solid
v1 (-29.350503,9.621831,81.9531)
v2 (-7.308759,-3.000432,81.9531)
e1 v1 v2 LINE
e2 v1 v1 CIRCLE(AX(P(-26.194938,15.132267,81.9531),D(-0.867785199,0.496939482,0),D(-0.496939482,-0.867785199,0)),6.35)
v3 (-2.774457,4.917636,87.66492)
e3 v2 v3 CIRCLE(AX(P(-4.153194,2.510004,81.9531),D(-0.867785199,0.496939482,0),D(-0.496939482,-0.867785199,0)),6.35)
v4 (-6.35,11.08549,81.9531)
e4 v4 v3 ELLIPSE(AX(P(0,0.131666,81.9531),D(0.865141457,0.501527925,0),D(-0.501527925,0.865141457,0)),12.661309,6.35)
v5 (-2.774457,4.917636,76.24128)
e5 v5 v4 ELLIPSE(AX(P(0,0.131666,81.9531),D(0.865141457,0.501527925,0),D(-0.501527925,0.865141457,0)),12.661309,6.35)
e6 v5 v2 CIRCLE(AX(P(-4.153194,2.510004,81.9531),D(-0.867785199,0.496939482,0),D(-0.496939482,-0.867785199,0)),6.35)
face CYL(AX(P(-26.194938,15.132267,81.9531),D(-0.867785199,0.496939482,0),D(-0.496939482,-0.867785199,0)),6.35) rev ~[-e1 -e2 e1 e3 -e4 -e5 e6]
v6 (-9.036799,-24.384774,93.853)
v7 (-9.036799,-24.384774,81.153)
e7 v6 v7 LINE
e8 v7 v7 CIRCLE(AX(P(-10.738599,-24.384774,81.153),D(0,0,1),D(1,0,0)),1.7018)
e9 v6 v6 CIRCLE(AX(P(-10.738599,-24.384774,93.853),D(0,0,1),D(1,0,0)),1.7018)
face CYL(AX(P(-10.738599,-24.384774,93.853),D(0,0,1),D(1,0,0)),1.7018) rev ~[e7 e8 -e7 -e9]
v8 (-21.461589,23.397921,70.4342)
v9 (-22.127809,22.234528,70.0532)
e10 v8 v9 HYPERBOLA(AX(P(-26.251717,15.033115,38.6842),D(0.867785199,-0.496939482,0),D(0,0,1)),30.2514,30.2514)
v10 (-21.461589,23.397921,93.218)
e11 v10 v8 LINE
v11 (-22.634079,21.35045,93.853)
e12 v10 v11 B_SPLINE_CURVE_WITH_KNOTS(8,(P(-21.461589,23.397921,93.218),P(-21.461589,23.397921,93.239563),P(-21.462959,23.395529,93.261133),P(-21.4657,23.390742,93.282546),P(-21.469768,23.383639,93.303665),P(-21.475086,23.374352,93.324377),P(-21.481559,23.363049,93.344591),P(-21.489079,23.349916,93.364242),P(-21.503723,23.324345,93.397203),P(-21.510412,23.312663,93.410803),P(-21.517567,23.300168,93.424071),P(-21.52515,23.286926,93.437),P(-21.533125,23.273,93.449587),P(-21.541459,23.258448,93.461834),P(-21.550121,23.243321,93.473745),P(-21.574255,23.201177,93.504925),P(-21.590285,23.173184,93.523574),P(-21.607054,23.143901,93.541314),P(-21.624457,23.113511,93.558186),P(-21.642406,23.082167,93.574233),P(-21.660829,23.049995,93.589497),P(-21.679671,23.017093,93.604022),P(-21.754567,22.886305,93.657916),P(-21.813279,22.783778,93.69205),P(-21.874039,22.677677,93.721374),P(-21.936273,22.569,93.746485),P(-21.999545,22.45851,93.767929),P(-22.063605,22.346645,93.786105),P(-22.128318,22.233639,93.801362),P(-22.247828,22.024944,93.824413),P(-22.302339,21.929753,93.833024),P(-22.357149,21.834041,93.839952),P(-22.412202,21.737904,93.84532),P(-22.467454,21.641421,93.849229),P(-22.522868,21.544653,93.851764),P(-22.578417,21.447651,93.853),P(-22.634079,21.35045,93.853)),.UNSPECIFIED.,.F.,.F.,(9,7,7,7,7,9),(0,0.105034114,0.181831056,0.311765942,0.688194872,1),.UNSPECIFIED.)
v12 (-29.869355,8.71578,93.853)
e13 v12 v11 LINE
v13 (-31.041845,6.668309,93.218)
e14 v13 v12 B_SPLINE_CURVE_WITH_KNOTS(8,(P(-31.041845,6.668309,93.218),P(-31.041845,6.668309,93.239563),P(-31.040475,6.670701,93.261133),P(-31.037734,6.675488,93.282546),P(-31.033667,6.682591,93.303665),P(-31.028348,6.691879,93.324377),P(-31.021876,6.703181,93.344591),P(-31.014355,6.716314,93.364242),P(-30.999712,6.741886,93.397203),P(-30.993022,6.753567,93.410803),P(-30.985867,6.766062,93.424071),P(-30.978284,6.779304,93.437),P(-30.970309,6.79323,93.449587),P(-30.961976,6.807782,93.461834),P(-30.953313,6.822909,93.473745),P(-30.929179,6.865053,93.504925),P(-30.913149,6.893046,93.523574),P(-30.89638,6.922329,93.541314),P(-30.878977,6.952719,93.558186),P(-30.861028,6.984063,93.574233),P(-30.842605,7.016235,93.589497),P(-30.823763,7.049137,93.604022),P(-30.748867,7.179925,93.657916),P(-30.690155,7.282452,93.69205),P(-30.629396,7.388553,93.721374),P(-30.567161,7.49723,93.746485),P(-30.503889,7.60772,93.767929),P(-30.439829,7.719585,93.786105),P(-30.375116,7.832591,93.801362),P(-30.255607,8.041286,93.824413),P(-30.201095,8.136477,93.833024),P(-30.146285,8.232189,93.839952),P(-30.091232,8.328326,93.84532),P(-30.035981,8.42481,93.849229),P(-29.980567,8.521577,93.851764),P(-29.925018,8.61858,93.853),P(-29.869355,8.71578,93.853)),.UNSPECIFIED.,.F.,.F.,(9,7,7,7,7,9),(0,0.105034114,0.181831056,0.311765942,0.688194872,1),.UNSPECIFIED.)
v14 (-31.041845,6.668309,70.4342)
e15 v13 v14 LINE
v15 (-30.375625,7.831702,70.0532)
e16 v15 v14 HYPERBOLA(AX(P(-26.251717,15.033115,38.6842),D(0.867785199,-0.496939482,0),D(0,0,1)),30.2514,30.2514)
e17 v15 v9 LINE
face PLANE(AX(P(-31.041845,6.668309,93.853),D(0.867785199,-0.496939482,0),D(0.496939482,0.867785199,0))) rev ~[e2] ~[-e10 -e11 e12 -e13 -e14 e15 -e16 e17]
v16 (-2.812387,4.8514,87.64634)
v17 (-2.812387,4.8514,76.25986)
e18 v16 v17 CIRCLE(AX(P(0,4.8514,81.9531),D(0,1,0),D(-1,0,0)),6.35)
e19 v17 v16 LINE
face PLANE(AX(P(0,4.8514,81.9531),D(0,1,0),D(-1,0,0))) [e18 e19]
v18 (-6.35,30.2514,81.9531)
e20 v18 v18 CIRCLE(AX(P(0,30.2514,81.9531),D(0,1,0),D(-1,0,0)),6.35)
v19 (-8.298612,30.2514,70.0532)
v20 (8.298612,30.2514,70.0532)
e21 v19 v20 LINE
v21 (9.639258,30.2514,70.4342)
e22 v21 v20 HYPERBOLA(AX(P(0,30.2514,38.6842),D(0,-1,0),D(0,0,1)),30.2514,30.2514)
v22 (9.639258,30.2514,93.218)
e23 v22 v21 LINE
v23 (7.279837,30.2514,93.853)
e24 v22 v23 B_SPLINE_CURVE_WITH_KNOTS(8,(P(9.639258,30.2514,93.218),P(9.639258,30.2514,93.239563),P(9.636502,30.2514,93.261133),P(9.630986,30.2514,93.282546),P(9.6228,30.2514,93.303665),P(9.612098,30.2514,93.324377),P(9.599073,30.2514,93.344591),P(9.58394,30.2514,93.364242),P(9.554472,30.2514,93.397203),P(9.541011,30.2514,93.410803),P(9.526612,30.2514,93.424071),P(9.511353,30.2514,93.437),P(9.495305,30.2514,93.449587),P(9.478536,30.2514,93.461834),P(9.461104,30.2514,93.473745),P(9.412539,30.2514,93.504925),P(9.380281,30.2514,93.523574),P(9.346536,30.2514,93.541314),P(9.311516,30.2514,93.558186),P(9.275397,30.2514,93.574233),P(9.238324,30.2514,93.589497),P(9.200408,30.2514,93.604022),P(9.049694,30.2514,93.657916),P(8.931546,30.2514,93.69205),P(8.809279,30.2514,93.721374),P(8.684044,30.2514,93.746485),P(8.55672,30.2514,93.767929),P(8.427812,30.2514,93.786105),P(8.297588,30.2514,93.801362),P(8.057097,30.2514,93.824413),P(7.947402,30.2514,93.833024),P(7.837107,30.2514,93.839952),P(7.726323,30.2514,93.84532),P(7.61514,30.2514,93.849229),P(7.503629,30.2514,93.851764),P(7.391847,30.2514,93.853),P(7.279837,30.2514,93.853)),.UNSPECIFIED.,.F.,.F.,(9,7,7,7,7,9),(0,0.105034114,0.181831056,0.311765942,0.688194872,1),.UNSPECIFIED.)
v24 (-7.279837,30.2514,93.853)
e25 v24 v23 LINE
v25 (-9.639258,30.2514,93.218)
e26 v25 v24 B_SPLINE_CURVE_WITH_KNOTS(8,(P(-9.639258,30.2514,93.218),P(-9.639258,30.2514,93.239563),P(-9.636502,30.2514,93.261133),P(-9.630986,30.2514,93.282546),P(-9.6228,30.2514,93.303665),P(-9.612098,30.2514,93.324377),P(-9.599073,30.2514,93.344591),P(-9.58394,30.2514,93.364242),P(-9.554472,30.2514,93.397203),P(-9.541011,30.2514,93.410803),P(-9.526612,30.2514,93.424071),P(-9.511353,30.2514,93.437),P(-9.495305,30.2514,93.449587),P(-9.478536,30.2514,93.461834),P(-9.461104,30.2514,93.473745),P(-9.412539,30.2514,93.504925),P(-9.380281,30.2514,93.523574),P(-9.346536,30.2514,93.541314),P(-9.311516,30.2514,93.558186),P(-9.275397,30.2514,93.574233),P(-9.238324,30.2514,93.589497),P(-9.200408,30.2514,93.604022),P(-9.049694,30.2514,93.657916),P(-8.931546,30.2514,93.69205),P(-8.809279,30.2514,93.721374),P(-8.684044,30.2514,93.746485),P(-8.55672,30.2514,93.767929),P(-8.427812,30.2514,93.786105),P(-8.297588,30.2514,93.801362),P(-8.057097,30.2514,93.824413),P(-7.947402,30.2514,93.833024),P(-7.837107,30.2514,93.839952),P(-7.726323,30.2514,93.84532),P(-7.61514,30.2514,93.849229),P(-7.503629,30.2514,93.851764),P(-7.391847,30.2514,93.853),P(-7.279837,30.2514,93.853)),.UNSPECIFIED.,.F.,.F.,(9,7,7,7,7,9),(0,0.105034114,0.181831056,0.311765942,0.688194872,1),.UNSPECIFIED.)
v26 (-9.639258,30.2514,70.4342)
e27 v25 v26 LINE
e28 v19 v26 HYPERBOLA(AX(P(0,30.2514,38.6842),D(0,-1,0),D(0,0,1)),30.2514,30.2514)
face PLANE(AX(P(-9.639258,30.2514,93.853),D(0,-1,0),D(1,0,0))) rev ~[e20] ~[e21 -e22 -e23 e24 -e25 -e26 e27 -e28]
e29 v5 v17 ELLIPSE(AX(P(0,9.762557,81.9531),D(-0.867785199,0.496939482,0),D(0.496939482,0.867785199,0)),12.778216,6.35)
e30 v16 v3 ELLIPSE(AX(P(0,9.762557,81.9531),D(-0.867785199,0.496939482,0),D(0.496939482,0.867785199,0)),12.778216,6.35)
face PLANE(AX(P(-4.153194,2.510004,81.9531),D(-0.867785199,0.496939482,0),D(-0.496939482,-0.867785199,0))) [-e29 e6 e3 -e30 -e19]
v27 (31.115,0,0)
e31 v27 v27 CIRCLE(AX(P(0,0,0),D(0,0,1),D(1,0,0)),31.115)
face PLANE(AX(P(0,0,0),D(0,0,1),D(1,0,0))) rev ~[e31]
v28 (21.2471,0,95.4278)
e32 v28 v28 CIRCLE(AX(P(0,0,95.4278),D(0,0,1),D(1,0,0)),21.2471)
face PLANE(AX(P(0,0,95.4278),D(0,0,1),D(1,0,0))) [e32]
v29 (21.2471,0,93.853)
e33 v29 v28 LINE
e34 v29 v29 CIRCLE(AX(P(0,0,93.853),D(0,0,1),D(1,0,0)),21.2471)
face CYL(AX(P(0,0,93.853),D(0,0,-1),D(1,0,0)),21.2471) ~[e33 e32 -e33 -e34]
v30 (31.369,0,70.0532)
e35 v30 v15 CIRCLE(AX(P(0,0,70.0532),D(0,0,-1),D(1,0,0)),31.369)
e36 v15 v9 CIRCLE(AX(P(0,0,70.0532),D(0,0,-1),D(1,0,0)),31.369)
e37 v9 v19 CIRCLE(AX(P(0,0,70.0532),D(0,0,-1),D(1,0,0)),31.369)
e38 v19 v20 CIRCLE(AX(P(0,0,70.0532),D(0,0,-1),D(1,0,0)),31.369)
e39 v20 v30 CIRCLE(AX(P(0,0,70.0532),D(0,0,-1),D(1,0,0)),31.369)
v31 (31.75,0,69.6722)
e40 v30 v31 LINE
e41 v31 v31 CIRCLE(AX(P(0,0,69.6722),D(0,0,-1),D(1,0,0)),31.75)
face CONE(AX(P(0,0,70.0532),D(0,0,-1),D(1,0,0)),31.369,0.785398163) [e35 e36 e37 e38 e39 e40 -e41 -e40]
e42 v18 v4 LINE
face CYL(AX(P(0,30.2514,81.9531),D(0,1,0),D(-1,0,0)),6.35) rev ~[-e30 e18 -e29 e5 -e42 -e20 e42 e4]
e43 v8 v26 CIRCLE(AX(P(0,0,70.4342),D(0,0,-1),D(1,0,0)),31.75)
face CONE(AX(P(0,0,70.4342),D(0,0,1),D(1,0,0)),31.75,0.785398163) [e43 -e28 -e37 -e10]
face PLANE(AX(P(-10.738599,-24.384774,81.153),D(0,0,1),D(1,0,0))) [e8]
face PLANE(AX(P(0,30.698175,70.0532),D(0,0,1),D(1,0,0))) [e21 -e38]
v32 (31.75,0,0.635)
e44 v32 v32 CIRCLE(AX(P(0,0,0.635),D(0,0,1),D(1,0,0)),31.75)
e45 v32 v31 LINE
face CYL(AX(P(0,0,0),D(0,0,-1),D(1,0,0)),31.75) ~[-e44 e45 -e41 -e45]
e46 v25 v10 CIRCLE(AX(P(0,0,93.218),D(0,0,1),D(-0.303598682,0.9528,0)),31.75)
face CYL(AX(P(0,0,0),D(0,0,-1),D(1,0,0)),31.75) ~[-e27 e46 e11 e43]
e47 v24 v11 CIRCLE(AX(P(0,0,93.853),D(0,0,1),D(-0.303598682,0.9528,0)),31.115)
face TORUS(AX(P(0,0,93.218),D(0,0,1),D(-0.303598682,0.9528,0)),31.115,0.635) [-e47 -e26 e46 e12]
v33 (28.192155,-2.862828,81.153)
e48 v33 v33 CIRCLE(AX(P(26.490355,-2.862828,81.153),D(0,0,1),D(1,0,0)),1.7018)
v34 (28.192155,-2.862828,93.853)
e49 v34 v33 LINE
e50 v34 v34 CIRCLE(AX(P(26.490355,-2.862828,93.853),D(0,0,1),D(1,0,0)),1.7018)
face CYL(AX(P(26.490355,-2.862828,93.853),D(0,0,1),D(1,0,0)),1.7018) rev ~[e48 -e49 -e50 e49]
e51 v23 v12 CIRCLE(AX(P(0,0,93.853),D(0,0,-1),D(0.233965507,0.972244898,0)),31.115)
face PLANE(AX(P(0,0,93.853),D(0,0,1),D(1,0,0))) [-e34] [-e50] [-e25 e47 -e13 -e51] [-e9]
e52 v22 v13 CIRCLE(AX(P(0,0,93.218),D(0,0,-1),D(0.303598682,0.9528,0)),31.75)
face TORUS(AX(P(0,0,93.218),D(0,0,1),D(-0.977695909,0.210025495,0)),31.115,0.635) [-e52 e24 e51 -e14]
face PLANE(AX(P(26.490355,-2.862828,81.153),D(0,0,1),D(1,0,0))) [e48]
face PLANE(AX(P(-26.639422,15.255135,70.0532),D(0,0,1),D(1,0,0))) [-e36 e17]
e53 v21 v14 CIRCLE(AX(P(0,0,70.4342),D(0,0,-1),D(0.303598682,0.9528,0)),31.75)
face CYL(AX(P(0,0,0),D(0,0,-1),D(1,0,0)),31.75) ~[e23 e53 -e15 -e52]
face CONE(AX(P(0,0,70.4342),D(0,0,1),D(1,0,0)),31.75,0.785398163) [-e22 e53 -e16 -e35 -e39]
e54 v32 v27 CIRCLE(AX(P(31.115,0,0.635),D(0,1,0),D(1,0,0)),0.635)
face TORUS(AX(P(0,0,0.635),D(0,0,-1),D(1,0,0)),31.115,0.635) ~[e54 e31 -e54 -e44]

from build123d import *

# Parameters (mm, degrees)
F0_R      = 31.75
F1_DEPTH  = 93.853
F2_R      = 21.2471
F3_DEPTH  = 1.5748
F5_DEPTH  = 23.7998
F7_DEPTH  = 23.7998
F8_R      = 1.7018
F9_DEPTH  = 12.7
F10_DEPTH = 12.7
F11_R     = 0.635
F12_R     = 0.635
F13_R     = 0.635
F14_R     = 6.35
F15_DEPTH = 25.4
F16_R     = 6.35
F17_DEPTH = 25.4


with BuildPart() as f1:
    # F0 (on Top) → F1 (new body)
    with BuildSketch(Plane.XY):
        Circle(F0_R)
    extrude(amount=F1_DEPTH)

    # F2 (on face) → F3 (join)
    with BuildSketch(Plane.XY.offset(93.853)):
        Circle(F2_R)
    extrude(amount=F3_DEPTH)

    # F4 (on face) → F5 (cut)
    with BuildSketch(Plane.XY.offset(93.853)):
        with BuildLine():
            Line((-9.6392581686, 30.2514), (9.6392581686, 30.2514))
            ThreePointArc((9.6392581686, 30.2514), (0, 31.75), (-9.6392581686, 30.2514))
        make_face()
    extrude(amount=-F5_DEPTH, mode=Mode.SUBTRACT)

    # F6 (on face) → F7 (cut, through all)
    with BuildSketch(Plane.XY.offset(93.853)):
        with BuildLine():
            Line((-31.0418451257, 6.6683094701), (-21.4615892087, 23.397920605))
            ThreePointArc((-21.4615892087, 23.397920605), (-27.5521800663, 15.7778285449), (-31.0418451257, 6.6683094701))
        make_face()
    extrude(amount=-F7_DEPTH, mode=Mode.SUBTRACT)

    # F8 (on face) → F9 (cut)
    with BuildSketch(Plane.XY.offset(93.853)):
        with Locations((-10.738599221, -24.3847738544)):
            Circle(F8_R)
    extrude(amount=-F9_DEPTH, mode=Mode.SUBTRACT)

    # F8 (on face) → F10 (cut)
    with BuildSketch(Plane.XY.offset(93.853)):
        with Locations((26.4903553103, -2.8628280933)):
            Circle(F8_R)
    extrude(amount=-F10_DEPTH, mode=Mode.SUBTRACT)

    # F11
    f11_edges = [f1.edges().sort_by_distance(p)[0] for p in [
        (-3.352903, -31.572465, 93.853),
    ]]
    fillet(f11_edges, radius=F11_R)

    # F12
    f12_edges = [f1.edges().sort_by_distance(p)[0] for p in [
        (-15.923512, 27.468241, 93.853),
    ]]
    fillet(f12_edges, radius=F12_R)

    # F13
    f13_edges = [f1.edges().sort_by_distance(p)[0] for p in [
        (-31.75, 0, 0),
    ]]
    fillet(f13_edges, radius=F13_R)

    # F14 (on face) → F15 (cut)
    with BuildSketch(Plane(origin=(0, 30.2514, 0), x_dir=(-1, 0, 0), z_dir=(0, 1, 0))):
        with Locations((0, 81.9531)):
            Circle(F14_R)
    extrude(amount=-F15_DEPTH, mode=Mode.SUBTRACT)

    # F16 (on face) → F17 (cut)
    with BuildSketch(Plane(origin=(-26.2517171672, 15.0331150376, 0), x_dir=(-0.4969394817, -0.8677851989, 0), z_dir=(-0.8677851989, 0.4969394817, 0))):
        with Locations((-0.1142581686, 81.9531)):
            Circle(F16_R)
    extrude(amount=-F17_DEPTH, mode=Mode.SUBTRACT)

    # F20 (on Front) → F21 (revolve, cut)
    with BuildSketch(Plane.XZ):
        Polygon((31.75, 69.6722), (31.75, 70.4342), (31.369, 70.0532), align=None)
    revolve(axis=Axis((0, 0, 0), (0, 0, -1)), mode=Mode.SUBTRACT)


solid = f1.part
